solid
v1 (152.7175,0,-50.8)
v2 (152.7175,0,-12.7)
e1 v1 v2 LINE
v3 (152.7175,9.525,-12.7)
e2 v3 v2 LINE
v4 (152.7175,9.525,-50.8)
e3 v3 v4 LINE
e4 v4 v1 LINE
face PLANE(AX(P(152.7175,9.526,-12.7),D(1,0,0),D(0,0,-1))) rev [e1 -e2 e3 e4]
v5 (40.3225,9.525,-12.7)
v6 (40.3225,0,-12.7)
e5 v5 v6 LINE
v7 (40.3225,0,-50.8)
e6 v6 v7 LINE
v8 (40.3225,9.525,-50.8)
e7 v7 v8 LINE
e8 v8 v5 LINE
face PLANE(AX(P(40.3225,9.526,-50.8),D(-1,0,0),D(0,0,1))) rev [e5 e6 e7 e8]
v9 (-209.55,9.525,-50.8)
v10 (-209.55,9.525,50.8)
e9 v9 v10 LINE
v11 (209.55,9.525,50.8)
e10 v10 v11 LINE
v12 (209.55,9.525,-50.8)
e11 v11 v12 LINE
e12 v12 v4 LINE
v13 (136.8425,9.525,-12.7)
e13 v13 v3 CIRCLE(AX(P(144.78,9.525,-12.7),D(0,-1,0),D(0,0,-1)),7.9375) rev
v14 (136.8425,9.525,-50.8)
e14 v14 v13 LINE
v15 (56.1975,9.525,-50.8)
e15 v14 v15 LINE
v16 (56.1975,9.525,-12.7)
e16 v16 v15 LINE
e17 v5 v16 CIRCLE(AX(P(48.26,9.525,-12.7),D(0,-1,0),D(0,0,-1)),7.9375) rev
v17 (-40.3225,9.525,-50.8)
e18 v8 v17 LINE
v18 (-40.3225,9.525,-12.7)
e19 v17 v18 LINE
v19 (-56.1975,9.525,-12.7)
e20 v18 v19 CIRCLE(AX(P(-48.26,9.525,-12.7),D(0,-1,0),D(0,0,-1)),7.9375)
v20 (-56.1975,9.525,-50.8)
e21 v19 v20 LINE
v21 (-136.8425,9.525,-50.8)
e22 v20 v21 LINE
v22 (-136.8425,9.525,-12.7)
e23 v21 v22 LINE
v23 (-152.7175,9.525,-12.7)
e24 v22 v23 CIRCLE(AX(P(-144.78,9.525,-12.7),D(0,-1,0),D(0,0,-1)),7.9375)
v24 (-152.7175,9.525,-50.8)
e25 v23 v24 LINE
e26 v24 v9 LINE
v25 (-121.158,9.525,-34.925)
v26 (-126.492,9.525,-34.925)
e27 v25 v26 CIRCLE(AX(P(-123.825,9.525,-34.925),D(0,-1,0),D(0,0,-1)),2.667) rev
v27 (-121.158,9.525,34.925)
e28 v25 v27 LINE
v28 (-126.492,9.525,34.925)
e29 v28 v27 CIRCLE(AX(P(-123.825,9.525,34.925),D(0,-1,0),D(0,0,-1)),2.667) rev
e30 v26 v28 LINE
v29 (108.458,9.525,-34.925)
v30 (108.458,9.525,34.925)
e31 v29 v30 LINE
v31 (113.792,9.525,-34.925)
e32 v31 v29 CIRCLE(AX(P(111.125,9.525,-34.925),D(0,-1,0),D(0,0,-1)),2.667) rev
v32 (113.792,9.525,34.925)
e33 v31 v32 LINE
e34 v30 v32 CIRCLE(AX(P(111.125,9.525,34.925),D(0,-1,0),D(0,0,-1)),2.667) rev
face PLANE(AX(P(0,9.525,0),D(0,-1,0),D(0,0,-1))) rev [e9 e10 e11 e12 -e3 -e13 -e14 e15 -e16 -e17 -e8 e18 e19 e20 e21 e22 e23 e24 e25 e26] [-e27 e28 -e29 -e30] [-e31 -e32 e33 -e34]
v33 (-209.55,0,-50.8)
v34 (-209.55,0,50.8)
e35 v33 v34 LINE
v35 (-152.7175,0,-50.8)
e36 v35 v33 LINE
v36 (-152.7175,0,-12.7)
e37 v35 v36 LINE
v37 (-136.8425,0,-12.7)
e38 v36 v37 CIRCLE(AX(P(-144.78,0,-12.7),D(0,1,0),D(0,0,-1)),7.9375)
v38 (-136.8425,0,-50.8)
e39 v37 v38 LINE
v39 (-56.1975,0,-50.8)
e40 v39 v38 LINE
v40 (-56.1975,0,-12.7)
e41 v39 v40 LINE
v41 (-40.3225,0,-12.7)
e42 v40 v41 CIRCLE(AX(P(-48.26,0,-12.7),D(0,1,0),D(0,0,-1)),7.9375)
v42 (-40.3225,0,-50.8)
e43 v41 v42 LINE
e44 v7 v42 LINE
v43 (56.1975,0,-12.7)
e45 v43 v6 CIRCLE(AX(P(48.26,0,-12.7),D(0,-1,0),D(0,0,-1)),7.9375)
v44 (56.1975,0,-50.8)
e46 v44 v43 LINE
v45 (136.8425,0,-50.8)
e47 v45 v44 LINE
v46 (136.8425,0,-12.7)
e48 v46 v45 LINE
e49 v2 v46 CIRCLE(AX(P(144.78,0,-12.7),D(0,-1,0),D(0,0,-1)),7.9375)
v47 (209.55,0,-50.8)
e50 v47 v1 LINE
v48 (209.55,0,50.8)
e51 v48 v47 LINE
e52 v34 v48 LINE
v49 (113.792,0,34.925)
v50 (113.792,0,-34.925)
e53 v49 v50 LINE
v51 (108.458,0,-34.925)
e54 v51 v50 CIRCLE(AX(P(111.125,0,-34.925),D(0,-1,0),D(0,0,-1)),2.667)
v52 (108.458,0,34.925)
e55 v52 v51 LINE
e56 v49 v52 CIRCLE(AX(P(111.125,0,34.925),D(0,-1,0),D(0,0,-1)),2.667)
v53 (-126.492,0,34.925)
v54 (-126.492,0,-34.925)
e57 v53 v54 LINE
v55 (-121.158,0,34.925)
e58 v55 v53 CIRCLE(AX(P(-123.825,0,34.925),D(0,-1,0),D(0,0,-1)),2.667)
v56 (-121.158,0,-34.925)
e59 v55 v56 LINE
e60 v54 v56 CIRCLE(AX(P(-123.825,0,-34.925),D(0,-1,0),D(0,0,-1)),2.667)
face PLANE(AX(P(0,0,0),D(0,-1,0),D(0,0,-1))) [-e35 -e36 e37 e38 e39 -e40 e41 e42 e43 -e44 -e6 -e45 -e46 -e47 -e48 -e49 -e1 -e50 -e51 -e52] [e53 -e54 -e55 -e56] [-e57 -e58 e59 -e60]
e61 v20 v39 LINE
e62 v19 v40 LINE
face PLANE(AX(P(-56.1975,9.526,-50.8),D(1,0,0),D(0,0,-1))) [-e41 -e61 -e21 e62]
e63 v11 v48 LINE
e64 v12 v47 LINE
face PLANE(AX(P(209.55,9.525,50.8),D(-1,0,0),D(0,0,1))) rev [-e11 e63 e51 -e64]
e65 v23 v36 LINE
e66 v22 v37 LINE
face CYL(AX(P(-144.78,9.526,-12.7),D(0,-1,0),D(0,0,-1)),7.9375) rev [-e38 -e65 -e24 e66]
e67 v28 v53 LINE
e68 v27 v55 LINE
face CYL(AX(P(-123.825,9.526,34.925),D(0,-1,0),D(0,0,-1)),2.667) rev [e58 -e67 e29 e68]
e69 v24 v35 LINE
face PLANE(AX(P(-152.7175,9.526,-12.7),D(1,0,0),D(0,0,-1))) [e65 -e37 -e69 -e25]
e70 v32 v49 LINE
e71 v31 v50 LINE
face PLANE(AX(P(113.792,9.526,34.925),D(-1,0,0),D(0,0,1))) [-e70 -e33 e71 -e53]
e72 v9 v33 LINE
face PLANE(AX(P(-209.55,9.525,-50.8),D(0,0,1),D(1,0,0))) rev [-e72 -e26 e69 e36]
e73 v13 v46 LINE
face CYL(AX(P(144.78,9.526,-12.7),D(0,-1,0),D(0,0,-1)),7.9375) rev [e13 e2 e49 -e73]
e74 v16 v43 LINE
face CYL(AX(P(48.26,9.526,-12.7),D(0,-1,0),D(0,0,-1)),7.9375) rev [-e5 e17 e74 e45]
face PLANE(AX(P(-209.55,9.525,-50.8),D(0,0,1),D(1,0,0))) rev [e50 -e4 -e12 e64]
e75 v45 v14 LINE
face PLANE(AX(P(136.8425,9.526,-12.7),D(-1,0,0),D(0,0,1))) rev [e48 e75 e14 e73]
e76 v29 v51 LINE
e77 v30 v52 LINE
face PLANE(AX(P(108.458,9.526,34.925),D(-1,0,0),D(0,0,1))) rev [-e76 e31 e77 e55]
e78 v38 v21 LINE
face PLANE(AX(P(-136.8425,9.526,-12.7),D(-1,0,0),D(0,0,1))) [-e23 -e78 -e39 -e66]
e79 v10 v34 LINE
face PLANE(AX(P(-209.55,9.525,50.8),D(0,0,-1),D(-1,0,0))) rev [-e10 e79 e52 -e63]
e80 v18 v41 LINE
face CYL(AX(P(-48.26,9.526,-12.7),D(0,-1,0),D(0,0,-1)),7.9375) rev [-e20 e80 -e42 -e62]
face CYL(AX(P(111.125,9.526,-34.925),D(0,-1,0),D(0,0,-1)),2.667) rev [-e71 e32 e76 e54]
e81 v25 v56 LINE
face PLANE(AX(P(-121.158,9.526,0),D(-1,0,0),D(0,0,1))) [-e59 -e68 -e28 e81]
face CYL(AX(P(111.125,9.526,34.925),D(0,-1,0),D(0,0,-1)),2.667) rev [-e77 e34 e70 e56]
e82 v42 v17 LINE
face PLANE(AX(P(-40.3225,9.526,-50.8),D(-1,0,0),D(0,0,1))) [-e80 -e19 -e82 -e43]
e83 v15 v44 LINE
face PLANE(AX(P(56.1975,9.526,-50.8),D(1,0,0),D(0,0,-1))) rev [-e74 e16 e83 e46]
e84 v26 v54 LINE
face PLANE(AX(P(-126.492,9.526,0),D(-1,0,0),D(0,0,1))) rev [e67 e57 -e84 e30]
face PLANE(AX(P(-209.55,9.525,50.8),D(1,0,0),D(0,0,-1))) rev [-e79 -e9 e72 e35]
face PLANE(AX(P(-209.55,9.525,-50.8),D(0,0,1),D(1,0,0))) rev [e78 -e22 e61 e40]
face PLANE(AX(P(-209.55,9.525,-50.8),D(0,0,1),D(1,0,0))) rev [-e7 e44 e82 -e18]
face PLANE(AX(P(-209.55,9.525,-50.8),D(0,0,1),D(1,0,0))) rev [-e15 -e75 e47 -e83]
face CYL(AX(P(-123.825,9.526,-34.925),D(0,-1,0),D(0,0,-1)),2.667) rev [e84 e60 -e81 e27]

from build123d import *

# Parameters (mm, degrees)
SKETCH50_W          = 419.1
SKETCH50_H          = 101.6
BOSS_EXTRUDE4_DEPTH = 9.525
CUT_EXTRUDE7_REACH  = 217.83
CUT_EXTRUDE8_REACH  = 217.83


with BuildPart() as part:
    # Sketch50 → Boss-Extrude4 (new body)
    with BuildSketch(Plane(origin=(0, 0, 0), x_dir=(1, 0, 0), z_dir=(0, 1, 0))):
        Rectangle(SKETCH50_W, SKETCH50_H)
    extrude(amount=BOSS_EXTRUDE4_DEPTH)

    # Sketch51 → Cut-Extrude7 (cut, up to next)
    with BuildSketch(Plane.XZ, mode=Mode.PRIVATE) as cut_extrude7_sk1:
        with BuildLine():
            Line((152.7175, -12.7), (152.7175, -50.8))
            ThreePointArc((152.7175, -50.8), (144.78, -58.7375), (136.8425, -50.8))
            Line((136.8425, -50.8), (136.8425, -12.7))
            ThreePointArc((136.8425, -12.7), (144.78, -4.7625), (152.7175, -12.7))
        make_face()
    cut_extrude7_tool1 = extrude(cut_extrude7_sk1.sketch, amount=-CUT_EXTRUDE7_REACH, mode=Mode.PRIVATE) & part.part
    # Sketch51 → Cut-Extrude7 (cut, up to next)
    with BuildSketch(Plane.XZ, mode=Mode.PRIVATE) as cut_extrude7_sk2:
        with BuildLine():
            Line((40.3225, -50.8), (40.3225, -12.7))
            ThreePointArc((40.3225, -12.7), (48.26, -4.7625), (56.1975, -12.7))
            Line((56.1975, -12.7), (56.1975, -50.8))
            ThreePointArc((56.1975, -50.8), (48.26, -58.7375), (40.3225, -50.8))
        make_face()
    cut_extrude7_tool2 = extrude(cut_extrude7_sk2.sketch, amount=-CUT_EXTRUDE7_REACH, mode=Mode.PRIVATE) & part.part
    cut_extrude7_1 = cut_extrude7_tool1.solids().sort_by_distance((144.78, 0, -31.75))[0]
    add(cut_extrude7_1, mode=Mode.SUBTRACT)
    cut_extrude7_2 = cut_extrude7_tool2.solids().sort_by_distance((48.26, 0, -31.75))[0]
    add(cut_extrude7_2, mode=Mode.SUBTRACT)
    cut_extrude7 = cut_extrude7_1 + cut_extrude7_2  # Cut-Extrude7 as one shape, for the pattern or mirror that repeats it

    # Mirror4: Cut-Extrude7 across plane
    add(cut_extrude7.mirror(Plane(origin=(0, 0, 0), x_dir=(0, 0, 1), z_dir=(1, 0, 0))), mode=Mode.SUBTRACT)

    # Sketch55 → Cut-Extrude8 (cut, up to next)
    with BuildSketch(Plane.XZ, mode=Mode.PRIVATE) as cut_extrude8_sk1:
        with BuildLine():
            Line((-126.492, 34.925), (-126.492, -34.925))
            ThreePointArc((-126.492, -34.925), (-123.825, -37.592), (-121.158, -34.925))
            Line((-121.158, -34.925), (-121.158, 34.925))
            ThreePointArc((-121.158, 34.925), (-123.825, 37.592), (-126.492, 34.925))
        make_face()
    cut_extrude8_tool1 = extrude(cut_extrude8_sk1.sketch, amount=-CUT_EXTRUDE8_REACH, mode=Mode.PRIVATE) & part.part
    # Sketch55 → Cut-Extrude8 (cut, up to next)
    with BuildSketch(Plane.XZ, mode=Mode.PRIVATE) as cut_extrude8_sk2:
        with BuildLine():
            Line((108.458, 34.925), (108.458, -34.925))
            ThreePointArc((108.458, -34.925), (111.125, -37.592), (113.792, -34.925))
            Line((113.792, -34.925), (113.792, 34.925))
            ThreePointArc((113.792, 34.925), (111.125, 37.592), (108.458, 34.925))
        make_face()
    cut_extrude8_tool2 = extrude(cut_extrude8_sk2.sketch, amount=-CUT_EXTRUDE8_REACH, mode=Mode.PRIVATE) & part.part
    add(cut_extrude8_tool1.solids().sort_by_distance((-123.825, 0, 0))[0], mode=Mode.SUBTRACT)
    add(cut_extrude8_tool2.solids().sort_by_distance((111.125, 0, 0))[0], mode=Mode.SUBTRACT)


solid = part.part
